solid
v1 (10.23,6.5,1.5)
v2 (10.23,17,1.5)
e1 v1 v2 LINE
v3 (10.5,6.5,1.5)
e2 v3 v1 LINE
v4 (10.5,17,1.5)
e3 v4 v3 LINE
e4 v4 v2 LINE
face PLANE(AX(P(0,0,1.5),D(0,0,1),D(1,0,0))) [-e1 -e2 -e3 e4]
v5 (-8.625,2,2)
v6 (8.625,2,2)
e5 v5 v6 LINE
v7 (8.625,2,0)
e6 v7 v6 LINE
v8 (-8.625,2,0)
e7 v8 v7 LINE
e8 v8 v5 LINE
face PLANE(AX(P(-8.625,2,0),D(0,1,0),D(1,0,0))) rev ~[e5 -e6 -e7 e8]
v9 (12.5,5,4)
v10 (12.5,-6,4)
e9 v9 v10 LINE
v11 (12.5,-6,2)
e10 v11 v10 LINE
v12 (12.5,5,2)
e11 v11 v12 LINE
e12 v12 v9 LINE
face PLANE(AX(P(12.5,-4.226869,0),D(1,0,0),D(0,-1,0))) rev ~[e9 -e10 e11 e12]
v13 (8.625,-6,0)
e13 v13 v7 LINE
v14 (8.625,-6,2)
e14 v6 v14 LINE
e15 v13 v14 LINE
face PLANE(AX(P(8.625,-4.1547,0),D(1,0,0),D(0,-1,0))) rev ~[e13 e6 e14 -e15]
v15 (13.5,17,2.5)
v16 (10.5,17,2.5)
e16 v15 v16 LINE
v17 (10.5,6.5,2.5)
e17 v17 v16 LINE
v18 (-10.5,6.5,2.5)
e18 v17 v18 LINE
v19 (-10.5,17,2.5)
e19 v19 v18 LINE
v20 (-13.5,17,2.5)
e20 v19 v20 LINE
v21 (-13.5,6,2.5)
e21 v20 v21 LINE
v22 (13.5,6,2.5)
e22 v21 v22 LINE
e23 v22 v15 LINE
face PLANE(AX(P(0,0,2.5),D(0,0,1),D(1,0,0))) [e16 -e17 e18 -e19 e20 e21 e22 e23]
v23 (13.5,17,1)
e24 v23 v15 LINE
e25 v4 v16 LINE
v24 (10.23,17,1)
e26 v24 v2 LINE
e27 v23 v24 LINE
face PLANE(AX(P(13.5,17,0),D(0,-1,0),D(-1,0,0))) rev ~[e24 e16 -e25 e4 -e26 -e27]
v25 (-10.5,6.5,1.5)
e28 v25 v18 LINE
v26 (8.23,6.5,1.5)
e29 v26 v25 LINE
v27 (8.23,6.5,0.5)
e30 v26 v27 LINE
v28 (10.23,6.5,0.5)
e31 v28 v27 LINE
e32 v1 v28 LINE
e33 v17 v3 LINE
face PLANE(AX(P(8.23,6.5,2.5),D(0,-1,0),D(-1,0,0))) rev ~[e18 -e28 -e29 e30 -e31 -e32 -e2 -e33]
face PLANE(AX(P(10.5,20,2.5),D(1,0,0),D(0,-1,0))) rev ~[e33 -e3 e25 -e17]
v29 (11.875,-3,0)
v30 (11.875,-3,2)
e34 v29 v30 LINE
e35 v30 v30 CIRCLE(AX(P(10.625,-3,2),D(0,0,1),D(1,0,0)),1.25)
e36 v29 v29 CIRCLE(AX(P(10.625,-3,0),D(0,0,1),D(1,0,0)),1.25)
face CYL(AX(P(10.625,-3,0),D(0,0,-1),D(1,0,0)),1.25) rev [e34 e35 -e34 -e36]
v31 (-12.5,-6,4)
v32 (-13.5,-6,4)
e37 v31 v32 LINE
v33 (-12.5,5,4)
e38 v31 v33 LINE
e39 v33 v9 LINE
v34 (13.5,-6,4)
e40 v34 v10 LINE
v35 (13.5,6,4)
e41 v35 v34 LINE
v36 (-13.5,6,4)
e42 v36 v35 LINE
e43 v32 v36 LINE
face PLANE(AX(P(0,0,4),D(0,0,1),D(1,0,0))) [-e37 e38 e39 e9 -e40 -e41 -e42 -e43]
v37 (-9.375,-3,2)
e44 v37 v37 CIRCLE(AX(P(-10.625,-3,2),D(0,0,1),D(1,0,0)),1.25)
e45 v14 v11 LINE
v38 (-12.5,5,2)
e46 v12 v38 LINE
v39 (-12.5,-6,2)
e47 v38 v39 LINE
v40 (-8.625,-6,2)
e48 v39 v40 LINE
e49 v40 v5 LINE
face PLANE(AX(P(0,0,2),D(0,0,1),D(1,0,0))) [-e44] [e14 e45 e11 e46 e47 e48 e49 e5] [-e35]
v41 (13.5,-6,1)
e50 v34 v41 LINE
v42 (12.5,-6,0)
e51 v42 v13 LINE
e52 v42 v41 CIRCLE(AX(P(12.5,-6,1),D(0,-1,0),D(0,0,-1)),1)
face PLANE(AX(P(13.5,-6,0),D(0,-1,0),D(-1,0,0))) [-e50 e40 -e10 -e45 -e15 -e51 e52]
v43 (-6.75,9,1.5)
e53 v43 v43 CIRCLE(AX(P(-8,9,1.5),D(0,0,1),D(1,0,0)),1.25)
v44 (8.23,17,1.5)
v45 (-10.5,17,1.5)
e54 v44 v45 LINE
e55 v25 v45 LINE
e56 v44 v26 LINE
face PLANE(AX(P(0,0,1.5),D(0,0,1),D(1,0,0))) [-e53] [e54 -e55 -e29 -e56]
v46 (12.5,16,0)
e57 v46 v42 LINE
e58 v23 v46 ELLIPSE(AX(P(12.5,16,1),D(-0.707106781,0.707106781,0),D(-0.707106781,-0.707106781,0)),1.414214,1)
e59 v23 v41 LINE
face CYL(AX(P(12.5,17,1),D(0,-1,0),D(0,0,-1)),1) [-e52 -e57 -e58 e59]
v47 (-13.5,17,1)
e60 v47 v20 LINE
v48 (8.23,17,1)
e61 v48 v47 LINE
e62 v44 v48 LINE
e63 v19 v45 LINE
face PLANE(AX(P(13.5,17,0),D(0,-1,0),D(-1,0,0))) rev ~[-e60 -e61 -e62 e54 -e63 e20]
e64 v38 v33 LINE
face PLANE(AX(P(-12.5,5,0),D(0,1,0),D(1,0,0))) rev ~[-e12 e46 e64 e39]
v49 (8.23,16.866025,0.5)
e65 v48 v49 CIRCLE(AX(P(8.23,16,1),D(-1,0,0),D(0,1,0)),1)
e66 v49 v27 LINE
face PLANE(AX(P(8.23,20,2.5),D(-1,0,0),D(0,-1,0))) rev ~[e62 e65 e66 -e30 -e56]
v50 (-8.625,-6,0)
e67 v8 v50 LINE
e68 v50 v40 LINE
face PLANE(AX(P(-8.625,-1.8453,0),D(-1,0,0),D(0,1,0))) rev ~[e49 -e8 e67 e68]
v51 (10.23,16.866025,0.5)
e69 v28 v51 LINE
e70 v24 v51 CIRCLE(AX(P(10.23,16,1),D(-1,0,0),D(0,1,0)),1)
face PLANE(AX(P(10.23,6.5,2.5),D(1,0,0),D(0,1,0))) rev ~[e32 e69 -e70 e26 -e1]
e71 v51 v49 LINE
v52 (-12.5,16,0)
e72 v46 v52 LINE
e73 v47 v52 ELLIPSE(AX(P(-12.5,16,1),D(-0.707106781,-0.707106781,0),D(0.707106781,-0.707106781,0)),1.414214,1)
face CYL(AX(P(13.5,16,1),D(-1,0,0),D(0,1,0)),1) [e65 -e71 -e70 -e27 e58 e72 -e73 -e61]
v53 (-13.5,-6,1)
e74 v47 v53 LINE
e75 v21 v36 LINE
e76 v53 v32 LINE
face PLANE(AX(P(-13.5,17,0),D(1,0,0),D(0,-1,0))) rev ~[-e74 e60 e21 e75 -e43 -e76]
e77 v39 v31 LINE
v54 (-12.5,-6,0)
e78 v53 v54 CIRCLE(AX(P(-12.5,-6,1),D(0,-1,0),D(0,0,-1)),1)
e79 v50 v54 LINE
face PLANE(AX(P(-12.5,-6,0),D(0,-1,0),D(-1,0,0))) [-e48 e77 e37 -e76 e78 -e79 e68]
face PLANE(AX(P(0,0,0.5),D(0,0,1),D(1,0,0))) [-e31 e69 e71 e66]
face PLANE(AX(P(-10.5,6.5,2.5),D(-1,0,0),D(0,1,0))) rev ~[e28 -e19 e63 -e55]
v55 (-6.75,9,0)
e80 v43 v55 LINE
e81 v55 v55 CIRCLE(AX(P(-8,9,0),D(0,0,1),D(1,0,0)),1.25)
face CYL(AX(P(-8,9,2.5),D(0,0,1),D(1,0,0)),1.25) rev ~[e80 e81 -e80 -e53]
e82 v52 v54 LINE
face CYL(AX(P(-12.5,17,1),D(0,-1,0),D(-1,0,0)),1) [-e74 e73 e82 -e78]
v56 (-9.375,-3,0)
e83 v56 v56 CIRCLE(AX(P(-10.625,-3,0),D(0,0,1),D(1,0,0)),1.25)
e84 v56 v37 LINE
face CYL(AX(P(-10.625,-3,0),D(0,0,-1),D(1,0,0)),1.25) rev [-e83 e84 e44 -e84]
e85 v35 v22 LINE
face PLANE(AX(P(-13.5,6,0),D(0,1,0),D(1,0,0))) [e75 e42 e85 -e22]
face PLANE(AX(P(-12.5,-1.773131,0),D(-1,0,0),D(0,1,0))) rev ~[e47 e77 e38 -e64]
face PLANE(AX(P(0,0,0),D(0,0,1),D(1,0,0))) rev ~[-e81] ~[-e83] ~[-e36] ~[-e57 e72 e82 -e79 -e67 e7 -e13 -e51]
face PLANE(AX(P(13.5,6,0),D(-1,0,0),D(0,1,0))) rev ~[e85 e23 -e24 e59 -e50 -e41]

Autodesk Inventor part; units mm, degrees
ref_plane "YZ Plane" through (0, 0, 0) normal (1, 0, 0) x (0, 1, 0)
ref_plane "XZ Plane" through (0, 0, 0) normal (0, 1, 0) x (-1, 0, 0)
ref_plane "XY Plane" through (0, 0, 0) normal (0, 0, 1) x (1, 0, 0)
sketch "Sketch1" plane through (0, 0, 0) normal (0, 0, 1) x (1, 0, 0)
  line L0 (-13.5, 6) -> (13.5, 6)
  line L1 (13.5, 6) -> (13.5, -6)
  line L2 (13.5, -6) -> (-13.5, -6)
  line L3 (-13.5, -6) -> (-13.5, 6)
  line L4 (-8.625, -6) -> (-8.625, 2)
  line L5 (-8.625, 2) -> (8.625, 2)
  line L6 (8.625, 2) -> (8.625, -6)
  line L7 (0, 19.1515) -> (0, -21.0963) construction
  line L8 (-12.5, -6) -> (-12.5, 5)
  line L9 (-12.5, 5) -> (12.5, 5)
  line L10 (12.5, 5) -> (12.5, -6)
  circle A0 centre (10.625, -3) radius 1.25
  circle A1 centre (-10.625, -3) radius 1.25
  line L11 (10.625, -5.3094) -> (8.625, -4.1547)
  line L12 (8.625, -4.1547) -> (8.625, -1.8453)
  line L13 (8.625, -1.8453) -> (10.625, -0.6906)
  line L14 (10.625, -0.6906) -> (12.625, -1.8453)
  line L15 (12.625, -1.8453) -> (12.625, -4.1547)
  line L16 (12.625, -4.1547) -> (10.625, -5.3094)
  line L17 (-10.625, -5.3094) -> (-12.625, -4.1547)
  line L18 (-12.625, -4.1547) -> (-12.625, -1.8453)
  line L19 (-12.625, -1.8453) -> (-10.625, -0.6906)
  line L20 (-10.625, -0.6906) -> (-8.625, -1.8453)
  line L21 (-8.625, -1.8453) -> (-8.625, -4.1547)
  line L22 (-8.625, -4.1547) -> (-10.625, -5.3094)
  line L23 (13.5, 6) -> (13.5, 17)
  line L24 (13.5, 17) -> (-13.5, 17)
  line L25 (-13.5, 17) -> (-13.5, 6)
  point P0 (0, 0)
  point P1 (-13.5, 0)
  point P2 (0, 6)
  point P3 (0, 16)
  dimension "d2" = 17.25
  dimension "d3" = 1
  dimension "d4" = 1
  dimension "d5" = 3
  dimension "d10" = 2.5
  dimension "d11" = 21.25
  dimension "d12" = 8
  dimension "d13" = 2
  dimension "d16" = 11
  dimension "d17" = 25
  dimension "d19" = 15
extrude "body" add sketch "Sketch1" along normal blind 2 contours L0 L1 L2 L10 L16 L15 L14 L9 L8 L19 L18 L17 L3 | L8 L17 L22 L4 L2 | L2 L6 L11 L16 L10 | L17 L18 L19 L8 | L8 L19 L20 L4 L22 L17 | L16 L11 L6 L13 L14 L10 | L10 L14 L15 L16 | L8 L9 L10 L14 L13 L6 L5 L4 L20 L19
extrude "borders" add sketch "Sketch1" along normal blind 4 contours L0 L1 L2 L10 L16 L15 L14 L9 L8 L19 L18 L17 L3 | L17 L18 L19 L8 | L10 L14 L15 L16
extrude "nut_recesses" [suppressed]
extrude "jut out for imu" add sketch "Sketch1" along normal blind 2.5 contours L25 L24 L23 L0
sketch "Sketch2" plane through (0, 0, 2.5) normal (0, 0, 1) x (1, 0, 0)
  line L0 (-10.5, 20) -> (10.5, 20)
  line L1 (10.5, 20) -> (10.5, 6.5)
  line L2 (10.5, 6.5) -> (-10.5, 6.5)
  line L3 (-10.5, 6.5) -> (-10.5, 20)
  circle A0 centre (-8, 9) radius 1.25
  line L4 (13.5, 6) -> (-13.5, 6) projected
  line L5 (10.23, 6.5) -> (10.23, 20)
  line L6 (8.23, 20) -> (8.23, 6.5)
  line L7 (8.23, 13.25) -> (10.23, 13.25) construction
  point P0 (0, 0)
  point P1 (0, 20)
  point P2 (9.23, 13.25)
  dimension "d32" = 21
  dimension "d33" = 13.5
  dimension "d34" = 2.5
  dimension "d35" = 2.5
  dimension "d36" = 2.5
  dimension "d44" = 0.5
  dimension "d45" = 2
  dimension "d46" = 1.27
extrude "recess for imu" cut sketch "Sketch2" along normal blind 10 and the other way blind 1 contours L0 L6 L2 L3 | L0 L5 L2 L6 | L0 L1 L2 L5 | A0
extrude "hole for imu" cut sketch "Sketch2" against normal blind 10 contours A0
fillet "Fillet2" radius 1 3 edges at (-13.5, 5.5, 0) (0, 17, 0) (13.5, 5.5, 0)
extrude "Extrusion9" cut sketch "Sketch2" against normal blind 2 contours L0 L5 L2 L6
equation "\"d4\" = d3"
properties part number "imu_mount"
